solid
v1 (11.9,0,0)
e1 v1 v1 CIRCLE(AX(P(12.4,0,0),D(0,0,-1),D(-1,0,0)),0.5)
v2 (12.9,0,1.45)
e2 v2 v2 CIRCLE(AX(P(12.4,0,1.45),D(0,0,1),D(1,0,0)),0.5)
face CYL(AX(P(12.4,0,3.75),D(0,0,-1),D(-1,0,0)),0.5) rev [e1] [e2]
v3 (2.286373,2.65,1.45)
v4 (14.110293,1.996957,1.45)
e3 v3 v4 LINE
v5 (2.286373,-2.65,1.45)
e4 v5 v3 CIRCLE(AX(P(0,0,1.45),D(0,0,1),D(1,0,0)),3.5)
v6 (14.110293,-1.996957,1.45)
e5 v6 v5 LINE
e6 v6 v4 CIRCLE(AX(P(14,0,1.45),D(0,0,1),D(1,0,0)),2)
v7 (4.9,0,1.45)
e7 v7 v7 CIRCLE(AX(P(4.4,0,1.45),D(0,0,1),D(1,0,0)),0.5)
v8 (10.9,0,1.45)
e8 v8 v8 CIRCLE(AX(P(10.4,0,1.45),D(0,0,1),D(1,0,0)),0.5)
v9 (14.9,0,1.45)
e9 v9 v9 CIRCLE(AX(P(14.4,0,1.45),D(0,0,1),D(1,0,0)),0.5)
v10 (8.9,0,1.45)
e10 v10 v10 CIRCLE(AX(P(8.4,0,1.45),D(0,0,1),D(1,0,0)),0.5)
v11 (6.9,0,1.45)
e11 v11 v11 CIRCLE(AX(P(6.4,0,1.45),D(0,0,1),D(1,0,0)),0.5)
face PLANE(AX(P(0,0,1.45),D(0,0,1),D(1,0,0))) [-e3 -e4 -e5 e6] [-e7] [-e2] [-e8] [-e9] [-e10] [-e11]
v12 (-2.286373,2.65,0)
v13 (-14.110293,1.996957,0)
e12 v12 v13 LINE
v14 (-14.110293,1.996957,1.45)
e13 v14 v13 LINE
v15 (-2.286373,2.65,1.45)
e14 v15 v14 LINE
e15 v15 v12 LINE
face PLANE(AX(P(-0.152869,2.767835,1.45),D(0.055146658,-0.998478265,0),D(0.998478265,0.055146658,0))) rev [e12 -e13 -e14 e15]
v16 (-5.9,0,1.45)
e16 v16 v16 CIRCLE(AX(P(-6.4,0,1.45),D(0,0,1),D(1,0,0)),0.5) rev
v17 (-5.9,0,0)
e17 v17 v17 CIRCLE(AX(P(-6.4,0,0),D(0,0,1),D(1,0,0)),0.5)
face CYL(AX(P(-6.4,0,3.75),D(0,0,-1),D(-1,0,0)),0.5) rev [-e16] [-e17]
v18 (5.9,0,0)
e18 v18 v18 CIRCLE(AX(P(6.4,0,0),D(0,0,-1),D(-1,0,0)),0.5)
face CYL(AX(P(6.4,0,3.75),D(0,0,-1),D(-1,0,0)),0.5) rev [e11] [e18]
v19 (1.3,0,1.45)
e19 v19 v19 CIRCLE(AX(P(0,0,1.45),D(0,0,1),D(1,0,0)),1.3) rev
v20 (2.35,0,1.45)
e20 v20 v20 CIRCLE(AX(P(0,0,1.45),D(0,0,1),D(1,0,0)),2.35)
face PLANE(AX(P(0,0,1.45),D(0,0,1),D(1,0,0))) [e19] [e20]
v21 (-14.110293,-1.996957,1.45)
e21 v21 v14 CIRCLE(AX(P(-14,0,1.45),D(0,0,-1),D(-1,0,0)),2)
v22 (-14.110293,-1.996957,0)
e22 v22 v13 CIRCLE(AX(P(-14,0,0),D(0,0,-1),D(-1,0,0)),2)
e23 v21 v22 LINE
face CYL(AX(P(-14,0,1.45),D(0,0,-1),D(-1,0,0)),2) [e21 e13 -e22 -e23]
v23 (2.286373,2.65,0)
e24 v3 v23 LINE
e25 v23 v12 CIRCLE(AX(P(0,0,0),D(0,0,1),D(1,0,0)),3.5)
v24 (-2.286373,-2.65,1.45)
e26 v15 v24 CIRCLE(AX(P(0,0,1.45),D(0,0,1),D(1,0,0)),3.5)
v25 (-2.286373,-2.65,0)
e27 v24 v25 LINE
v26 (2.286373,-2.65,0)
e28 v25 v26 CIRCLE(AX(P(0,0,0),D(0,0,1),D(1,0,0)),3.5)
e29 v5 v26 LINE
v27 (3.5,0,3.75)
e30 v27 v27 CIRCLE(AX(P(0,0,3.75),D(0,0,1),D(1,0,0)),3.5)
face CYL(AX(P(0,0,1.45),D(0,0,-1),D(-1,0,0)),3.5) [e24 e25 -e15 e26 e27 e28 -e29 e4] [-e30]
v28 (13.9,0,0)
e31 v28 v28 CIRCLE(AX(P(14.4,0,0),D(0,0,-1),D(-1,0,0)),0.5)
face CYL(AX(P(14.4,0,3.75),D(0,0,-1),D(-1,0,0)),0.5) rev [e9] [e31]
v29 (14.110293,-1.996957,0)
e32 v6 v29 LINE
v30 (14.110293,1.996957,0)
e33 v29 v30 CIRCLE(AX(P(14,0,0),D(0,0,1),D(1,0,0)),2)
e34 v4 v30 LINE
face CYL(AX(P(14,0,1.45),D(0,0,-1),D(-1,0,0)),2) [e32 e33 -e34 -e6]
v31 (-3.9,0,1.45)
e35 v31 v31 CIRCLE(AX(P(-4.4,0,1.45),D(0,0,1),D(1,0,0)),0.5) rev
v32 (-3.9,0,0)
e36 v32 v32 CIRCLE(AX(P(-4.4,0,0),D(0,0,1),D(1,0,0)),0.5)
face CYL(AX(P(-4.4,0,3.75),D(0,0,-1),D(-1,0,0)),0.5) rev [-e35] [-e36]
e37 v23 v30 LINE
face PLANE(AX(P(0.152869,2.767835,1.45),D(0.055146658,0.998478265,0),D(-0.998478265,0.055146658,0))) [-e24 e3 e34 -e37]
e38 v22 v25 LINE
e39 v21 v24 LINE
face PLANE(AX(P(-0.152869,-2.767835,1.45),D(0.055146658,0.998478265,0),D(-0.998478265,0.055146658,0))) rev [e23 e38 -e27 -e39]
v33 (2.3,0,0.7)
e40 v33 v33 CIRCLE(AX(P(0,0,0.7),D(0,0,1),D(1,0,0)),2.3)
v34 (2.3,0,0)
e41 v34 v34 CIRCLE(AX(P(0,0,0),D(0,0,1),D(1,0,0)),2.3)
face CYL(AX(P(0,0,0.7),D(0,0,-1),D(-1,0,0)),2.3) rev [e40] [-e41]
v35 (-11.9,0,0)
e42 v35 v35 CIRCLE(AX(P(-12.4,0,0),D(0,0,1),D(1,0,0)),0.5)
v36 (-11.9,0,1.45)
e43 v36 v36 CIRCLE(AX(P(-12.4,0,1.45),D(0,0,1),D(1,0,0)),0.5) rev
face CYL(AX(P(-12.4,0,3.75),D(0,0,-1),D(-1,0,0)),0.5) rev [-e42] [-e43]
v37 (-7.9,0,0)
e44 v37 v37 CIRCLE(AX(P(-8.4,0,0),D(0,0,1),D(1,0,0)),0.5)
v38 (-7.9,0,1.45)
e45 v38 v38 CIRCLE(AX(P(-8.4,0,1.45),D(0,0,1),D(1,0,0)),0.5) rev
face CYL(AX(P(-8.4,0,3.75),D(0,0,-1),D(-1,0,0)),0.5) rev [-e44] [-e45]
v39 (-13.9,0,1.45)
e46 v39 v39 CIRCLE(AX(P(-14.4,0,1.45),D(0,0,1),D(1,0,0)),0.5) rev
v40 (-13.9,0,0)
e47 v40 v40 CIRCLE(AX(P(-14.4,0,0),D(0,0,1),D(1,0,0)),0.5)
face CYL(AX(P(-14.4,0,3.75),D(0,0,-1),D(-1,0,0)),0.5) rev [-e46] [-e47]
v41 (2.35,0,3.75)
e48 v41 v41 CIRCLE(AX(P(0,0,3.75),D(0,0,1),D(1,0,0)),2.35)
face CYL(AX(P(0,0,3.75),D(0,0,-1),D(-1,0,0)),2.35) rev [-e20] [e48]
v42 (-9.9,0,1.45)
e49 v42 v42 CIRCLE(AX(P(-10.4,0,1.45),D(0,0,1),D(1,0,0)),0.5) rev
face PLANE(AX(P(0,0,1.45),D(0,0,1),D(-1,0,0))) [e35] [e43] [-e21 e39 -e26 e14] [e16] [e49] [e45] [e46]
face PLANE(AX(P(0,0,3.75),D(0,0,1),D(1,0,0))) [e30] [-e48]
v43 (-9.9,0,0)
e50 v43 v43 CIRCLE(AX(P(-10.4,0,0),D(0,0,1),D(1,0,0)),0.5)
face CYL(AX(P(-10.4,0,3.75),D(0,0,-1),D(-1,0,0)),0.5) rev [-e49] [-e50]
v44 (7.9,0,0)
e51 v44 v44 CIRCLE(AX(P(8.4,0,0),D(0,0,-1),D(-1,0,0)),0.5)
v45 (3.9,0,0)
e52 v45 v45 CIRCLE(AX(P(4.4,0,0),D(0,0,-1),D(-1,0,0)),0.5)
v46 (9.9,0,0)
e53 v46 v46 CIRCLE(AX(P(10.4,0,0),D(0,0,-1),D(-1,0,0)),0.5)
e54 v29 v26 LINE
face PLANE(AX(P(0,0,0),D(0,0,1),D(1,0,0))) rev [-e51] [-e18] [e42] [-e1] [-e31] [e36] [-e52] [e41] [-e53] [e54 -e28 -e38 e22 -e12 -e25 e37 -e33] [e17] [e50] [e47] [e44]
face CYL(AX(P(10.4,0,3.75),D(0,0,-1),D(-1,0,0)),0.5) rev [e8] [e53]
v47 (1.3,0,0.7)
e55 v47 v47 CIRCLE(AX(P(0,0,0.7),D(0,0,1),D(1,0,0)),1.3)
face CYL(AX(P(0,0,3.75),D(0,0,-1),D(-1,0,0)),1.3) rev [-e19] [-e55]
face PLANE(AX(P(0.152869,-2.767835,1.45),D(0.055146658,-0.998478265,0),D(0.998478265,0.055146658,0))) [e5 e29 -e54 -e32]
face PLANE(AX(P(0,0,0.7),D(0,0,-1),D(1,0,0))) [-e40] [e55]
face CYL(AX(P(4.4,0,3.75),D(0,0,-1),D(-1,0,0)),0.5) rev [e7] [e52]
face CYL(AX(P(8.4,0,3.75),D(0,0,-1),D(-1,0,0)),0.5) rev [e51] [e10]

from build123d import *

# Parameters (mm, degrees)
SKETCH_1_R               = 2.772053215
SKETCH_1_R_2             = 2
SKETCH_1_R_3             = 3.5
EXTRUDE_1_DEPTH          = 1.45
SKETCH_2_R               = 3.5
SKETCH_2_R_2             = 2.35
EXTRUDE_2_DEPTH          = 2.3
SKETCH_3_R               = 2.3
CUT_EXTRUDE_1_DEPTH      = 0.7
SKETCH_4_R               = 1.3
CUT_EXTRUDE_2_DEPTH      = 17.659906963
SKETCH_5_R               = 0.5
CUT_EXTRUDE_3_DEPTH      = 17.8021576
PATTERN_LINEAR_1_COUNT   = 6
PATTERN_LINEAR_1_PITCH   = 2
MIRROR_1_COPY_1_SKETCH_R = 0.5
MIRROR_1_COPY_1_DEPTH    = 17.8021576
MIRROR_1_COPY_2_SKETCH_R = 0.5
MIRROR_1_COPY_2_DEPTH    = 17.8021576
MIRROR_1_COPY_3_SKETCH_R = 0.5
MIRROR_1_COPY_3_DEPTH    = 17.8021576
MIRROR_1_COPY_4_SKETCH_R = 0.5
MIRROR_1_COPY_4_DEPTH    = 17.8021576
MIRROR_1_COPY_5_SKETCH_R = 0.5
MIRROR_1_COPY_5_DEPTH    = 17.8021576


with BuildPart() as part:
    # 草图1 → 凸台-拉伸1 (new body)
    with BuildSketch(Plane.XY):
        with BuildLine():
            Line((0.152869496, 2.767834884), (-1.980633731, 2.885669771))
            ThreePointArc((-1.980633731, 2.885669771), (-3.5, 0), (-1.980633731, -2.885669771))
            Line((-1.980633731, -2.885669771), (0.152869466, -2.767834886))
            ThreePointArc((0.152869466, -2.767834886), (-2.772053215, 1.5e-08), (0.152869496, 2.767834884))
        make_face()
        with BuildLine():
            Line((2.286372673, 2.65), (0.152869496, 2.767834884))
            ThreePointArc((0.152869496, 2.767834884), (2.013459884, 1.90532368), (2.772053215, 0))
            ThreePointArc((2.772053215, 0), (2.013459873, -1.905323691), (0.152869466, -2.767834886))
            Line((0.152869466, -2.767834886), (2.286372673, -2.65))
            ThreePointArc((2.286372673, -2.65), (3.182161557, -1.457342726), (3.5, 0))
            ThreePointArc((3.5, 0), (3.182161557, 1.457342726), (2.286372673, 2.65))
        make_face()
        Circle(SKETCH_1_R)
        with BuildLine():
            ThreePointArc((2.286372673, 2.65), (0.193013304, 3.494673928), (-1.980633731, 2.885669771))
            Line((-1.980633731, 2.885669771), (0.152869496, 2.767834884))
            Line((0.152869496, 2.767834884), (2.286372673, 2.65))
        make_face()
        with BuildLine():
            Line((0.152869466, -2.767834886), (-1.980633731, -2.885669771))
            ThreePointArc((-1.980633731, -2.885669771), (0.193013304, -3.494673928), (2.286372673, -2.65))
            Line((2.286372673, -2.65), (0.152869466, -2.767834886))
        make_face()
        with BuildLine():
            Line((14.11029331, 1.996956531), (2.286372673, 2.65))
            ThreePointArc((2.286372673, 2.65), (3.182161557, 1.457342726), (3.5, 0))
            ThreePointArc((3.5, 0), (3.182161557, -1.457342726), (2.286372673, -2.65))
            Line((2.286372673, -2.65), (14.110293326, -1.99695653))
            ThreePointArc((14.110293326, -1.99695653), (12, -8e-09), (14.11029331, 1.996956531))
        make_face()
        with Locations((14, 0)):
            Circle(SKETCH_1_R_2)
        Circle(SKETCH_1_R_3)
    extrude_1 = extrude(amount=EXTRUDE_1_DEPTH)

    # 草图2 → 凸台-拉伸2 (add)
    with BuildSketch(Plane.XY.offset(1.45)):
        with Locations(Location((0, 0, 0), (0, 0, 310.787038193))):
            Circle(SKETCH_2_R)
        Circle(SKETCH_2_R_2, mode=Mode.SUBTRACT)
    extrude(amount=EXTRUDE_2_DEPTH)

    # 草图3 → 切除-拉伸1 (cut)
    with BuildSketch(Plane(origin=(0, 0, 0), x_dir=(-1, 0, 0), z_dir=(0, 0, -1))):
        Circle(SKETCH_3_R)
    cut_extrude_1 = extrude(amount=-CUT_EXTRUDE_1_DEPTH, mode=Mode.SUBTRACT)

    # 草图4 → 切除-拉伸2 (cut, through all)
    with BuildSketch(Plane(origin=(0, 0, 0.7), x_dir=(-1, 0, 0), z_dir=(0, 0, -1))):
        Circle(SKETCH_4_R)
    cut_extrude_2 = extrude(amount=-CUT_EXTRUDE_2_DEPTH, mode=Mode.SUBTRACT)

    # 草图5 → 切除-拉伸3 (cut, through all)
    with BuildSketch(Plane(origin=(0, 0, 0), x_dir=(-1, 0, 0), z_dir=(0, 0, -1))):
        with Locations((-14.4, 0)):
            Circle(SKETCH_5_R)
    cut_extrude_3 = extrude(amount=-CUT_EXTRUDE_3_DEPTH, mode=Mode.SUBTRACT)

    # 阵列(线性)1: 切除-拉伸3 ×6
    with Locations(*[(-i * PATTERN_LINEAR_1_PITCH, 0, 0) for i in range(1, PATTERN_LINEAR_1_COUNT)]):
        add(cut_extrude_3, mode=Mode.SUBTRACT)

    # 镜向1: 凸台-拉伸1, 切除-拉伸1, 切除-拉伸2, 切除-拉伸3 across plane
    add(extrude_1.mirror(Plane(origin=(0, 0, 0), x_dir=(0, 0, 1), z_dir=(1, 0, 0))))
    add(cut_extrude_1.mirror(Plane(origin=(0, 0, 0), x_dir=(0, 0, 1), z_dir=(1, 0, 0))), mode=Mode.SUBTRACT)
    add(cut_extrude_2.mirror(Plane(origin=(0, 0, 0), x_dir=(0, 0, 1), z_dir=(1, 0, 0))), mode=Mode.SUBTRACT)
    add(cut_extrude_3.mirror(Plane(origin=(0, 0, 0), x_dir=(0, 0, 1), z_dir=(1, 0, 0))), mode=Mode.SUBTRACT)

    # 镜向1 copy 1 sketch → 镜向1 copy 1 (cut, through all)
    with BuildSketch(Plane(origin=(2, 0, 0), x_dir=(1, 0, 0), z_dir=(0, 0, -1))):
        with Locations((-14.4, 0)):
            Circle(MIRROR_1_COPY_1_SKETCH_R)
    extrude(amount=-MIRROR_1_COPY_1_DEPTH, mode=Mode.SUBTRACT)

    # 镜向1 copy 2 sketch → 镜向1 copy 2 (cut, through all)
    with BuildSketch(Plane(origin=(4, 0, 0), x_dir=(1, 0, 0), z_dir=(0, 0, -1))):
        with Locations((-14.4, 0)):
            Circle(MIRROR_1_COPY_2_SKETCH_R)
    extrude(amount=-MIRROR_1_COPY_2_DEPTH, mode=Mode.SUBTRACT)

    # 镜向1 copy 3 sketch → 镜向1 copy 3 (cut, through all)
    with BuildSketch(Plane(origin=(6, 0, 0), x_dir=(1, 0, 0), z_dir=(0, 0, -1))):
        with Locations((-14.4, 0)):
            Circle(MIRROR_1_COPY_3_SKETCH_R)
    extrude(amount=-MIRROR_1_COPY_3_DEPTH, mode=Mode.SUBTRACT)

    # 镜向1 copy 4 sketch → 镜向1 copy 4 (cut, through all)
    with BuildSketch(Plane(origin=(8, 0, 0), x_dir=(1, 0, 0), z_dir=(0, 0, -1))):
        with Locations((-14.4, 0)):
            Circle(MIRROR_1_COPY_4_SKETCH_R)
    extrude(amount=-MIRROR_1_COPY_4_DEPTH, mode=Mode.SUBTRACT)

    # 镜向1 copy 5 sketch → 镜向1 copy 5 (cut, through all)
    with BuildSketch(Plane(origin=(10, 0, 0), x_dir=(1, 0, 0), z_dir=(0, 0, -1))):
        with Locations((-14.4, 0)):
            Circle(MIRROR_1_COPY_5_SKETCH_R)
    extrude(amount=-MIRROR_1_COPY_5_DEPTH, mode=Mode.SUBTRACT)


solid = part.part
